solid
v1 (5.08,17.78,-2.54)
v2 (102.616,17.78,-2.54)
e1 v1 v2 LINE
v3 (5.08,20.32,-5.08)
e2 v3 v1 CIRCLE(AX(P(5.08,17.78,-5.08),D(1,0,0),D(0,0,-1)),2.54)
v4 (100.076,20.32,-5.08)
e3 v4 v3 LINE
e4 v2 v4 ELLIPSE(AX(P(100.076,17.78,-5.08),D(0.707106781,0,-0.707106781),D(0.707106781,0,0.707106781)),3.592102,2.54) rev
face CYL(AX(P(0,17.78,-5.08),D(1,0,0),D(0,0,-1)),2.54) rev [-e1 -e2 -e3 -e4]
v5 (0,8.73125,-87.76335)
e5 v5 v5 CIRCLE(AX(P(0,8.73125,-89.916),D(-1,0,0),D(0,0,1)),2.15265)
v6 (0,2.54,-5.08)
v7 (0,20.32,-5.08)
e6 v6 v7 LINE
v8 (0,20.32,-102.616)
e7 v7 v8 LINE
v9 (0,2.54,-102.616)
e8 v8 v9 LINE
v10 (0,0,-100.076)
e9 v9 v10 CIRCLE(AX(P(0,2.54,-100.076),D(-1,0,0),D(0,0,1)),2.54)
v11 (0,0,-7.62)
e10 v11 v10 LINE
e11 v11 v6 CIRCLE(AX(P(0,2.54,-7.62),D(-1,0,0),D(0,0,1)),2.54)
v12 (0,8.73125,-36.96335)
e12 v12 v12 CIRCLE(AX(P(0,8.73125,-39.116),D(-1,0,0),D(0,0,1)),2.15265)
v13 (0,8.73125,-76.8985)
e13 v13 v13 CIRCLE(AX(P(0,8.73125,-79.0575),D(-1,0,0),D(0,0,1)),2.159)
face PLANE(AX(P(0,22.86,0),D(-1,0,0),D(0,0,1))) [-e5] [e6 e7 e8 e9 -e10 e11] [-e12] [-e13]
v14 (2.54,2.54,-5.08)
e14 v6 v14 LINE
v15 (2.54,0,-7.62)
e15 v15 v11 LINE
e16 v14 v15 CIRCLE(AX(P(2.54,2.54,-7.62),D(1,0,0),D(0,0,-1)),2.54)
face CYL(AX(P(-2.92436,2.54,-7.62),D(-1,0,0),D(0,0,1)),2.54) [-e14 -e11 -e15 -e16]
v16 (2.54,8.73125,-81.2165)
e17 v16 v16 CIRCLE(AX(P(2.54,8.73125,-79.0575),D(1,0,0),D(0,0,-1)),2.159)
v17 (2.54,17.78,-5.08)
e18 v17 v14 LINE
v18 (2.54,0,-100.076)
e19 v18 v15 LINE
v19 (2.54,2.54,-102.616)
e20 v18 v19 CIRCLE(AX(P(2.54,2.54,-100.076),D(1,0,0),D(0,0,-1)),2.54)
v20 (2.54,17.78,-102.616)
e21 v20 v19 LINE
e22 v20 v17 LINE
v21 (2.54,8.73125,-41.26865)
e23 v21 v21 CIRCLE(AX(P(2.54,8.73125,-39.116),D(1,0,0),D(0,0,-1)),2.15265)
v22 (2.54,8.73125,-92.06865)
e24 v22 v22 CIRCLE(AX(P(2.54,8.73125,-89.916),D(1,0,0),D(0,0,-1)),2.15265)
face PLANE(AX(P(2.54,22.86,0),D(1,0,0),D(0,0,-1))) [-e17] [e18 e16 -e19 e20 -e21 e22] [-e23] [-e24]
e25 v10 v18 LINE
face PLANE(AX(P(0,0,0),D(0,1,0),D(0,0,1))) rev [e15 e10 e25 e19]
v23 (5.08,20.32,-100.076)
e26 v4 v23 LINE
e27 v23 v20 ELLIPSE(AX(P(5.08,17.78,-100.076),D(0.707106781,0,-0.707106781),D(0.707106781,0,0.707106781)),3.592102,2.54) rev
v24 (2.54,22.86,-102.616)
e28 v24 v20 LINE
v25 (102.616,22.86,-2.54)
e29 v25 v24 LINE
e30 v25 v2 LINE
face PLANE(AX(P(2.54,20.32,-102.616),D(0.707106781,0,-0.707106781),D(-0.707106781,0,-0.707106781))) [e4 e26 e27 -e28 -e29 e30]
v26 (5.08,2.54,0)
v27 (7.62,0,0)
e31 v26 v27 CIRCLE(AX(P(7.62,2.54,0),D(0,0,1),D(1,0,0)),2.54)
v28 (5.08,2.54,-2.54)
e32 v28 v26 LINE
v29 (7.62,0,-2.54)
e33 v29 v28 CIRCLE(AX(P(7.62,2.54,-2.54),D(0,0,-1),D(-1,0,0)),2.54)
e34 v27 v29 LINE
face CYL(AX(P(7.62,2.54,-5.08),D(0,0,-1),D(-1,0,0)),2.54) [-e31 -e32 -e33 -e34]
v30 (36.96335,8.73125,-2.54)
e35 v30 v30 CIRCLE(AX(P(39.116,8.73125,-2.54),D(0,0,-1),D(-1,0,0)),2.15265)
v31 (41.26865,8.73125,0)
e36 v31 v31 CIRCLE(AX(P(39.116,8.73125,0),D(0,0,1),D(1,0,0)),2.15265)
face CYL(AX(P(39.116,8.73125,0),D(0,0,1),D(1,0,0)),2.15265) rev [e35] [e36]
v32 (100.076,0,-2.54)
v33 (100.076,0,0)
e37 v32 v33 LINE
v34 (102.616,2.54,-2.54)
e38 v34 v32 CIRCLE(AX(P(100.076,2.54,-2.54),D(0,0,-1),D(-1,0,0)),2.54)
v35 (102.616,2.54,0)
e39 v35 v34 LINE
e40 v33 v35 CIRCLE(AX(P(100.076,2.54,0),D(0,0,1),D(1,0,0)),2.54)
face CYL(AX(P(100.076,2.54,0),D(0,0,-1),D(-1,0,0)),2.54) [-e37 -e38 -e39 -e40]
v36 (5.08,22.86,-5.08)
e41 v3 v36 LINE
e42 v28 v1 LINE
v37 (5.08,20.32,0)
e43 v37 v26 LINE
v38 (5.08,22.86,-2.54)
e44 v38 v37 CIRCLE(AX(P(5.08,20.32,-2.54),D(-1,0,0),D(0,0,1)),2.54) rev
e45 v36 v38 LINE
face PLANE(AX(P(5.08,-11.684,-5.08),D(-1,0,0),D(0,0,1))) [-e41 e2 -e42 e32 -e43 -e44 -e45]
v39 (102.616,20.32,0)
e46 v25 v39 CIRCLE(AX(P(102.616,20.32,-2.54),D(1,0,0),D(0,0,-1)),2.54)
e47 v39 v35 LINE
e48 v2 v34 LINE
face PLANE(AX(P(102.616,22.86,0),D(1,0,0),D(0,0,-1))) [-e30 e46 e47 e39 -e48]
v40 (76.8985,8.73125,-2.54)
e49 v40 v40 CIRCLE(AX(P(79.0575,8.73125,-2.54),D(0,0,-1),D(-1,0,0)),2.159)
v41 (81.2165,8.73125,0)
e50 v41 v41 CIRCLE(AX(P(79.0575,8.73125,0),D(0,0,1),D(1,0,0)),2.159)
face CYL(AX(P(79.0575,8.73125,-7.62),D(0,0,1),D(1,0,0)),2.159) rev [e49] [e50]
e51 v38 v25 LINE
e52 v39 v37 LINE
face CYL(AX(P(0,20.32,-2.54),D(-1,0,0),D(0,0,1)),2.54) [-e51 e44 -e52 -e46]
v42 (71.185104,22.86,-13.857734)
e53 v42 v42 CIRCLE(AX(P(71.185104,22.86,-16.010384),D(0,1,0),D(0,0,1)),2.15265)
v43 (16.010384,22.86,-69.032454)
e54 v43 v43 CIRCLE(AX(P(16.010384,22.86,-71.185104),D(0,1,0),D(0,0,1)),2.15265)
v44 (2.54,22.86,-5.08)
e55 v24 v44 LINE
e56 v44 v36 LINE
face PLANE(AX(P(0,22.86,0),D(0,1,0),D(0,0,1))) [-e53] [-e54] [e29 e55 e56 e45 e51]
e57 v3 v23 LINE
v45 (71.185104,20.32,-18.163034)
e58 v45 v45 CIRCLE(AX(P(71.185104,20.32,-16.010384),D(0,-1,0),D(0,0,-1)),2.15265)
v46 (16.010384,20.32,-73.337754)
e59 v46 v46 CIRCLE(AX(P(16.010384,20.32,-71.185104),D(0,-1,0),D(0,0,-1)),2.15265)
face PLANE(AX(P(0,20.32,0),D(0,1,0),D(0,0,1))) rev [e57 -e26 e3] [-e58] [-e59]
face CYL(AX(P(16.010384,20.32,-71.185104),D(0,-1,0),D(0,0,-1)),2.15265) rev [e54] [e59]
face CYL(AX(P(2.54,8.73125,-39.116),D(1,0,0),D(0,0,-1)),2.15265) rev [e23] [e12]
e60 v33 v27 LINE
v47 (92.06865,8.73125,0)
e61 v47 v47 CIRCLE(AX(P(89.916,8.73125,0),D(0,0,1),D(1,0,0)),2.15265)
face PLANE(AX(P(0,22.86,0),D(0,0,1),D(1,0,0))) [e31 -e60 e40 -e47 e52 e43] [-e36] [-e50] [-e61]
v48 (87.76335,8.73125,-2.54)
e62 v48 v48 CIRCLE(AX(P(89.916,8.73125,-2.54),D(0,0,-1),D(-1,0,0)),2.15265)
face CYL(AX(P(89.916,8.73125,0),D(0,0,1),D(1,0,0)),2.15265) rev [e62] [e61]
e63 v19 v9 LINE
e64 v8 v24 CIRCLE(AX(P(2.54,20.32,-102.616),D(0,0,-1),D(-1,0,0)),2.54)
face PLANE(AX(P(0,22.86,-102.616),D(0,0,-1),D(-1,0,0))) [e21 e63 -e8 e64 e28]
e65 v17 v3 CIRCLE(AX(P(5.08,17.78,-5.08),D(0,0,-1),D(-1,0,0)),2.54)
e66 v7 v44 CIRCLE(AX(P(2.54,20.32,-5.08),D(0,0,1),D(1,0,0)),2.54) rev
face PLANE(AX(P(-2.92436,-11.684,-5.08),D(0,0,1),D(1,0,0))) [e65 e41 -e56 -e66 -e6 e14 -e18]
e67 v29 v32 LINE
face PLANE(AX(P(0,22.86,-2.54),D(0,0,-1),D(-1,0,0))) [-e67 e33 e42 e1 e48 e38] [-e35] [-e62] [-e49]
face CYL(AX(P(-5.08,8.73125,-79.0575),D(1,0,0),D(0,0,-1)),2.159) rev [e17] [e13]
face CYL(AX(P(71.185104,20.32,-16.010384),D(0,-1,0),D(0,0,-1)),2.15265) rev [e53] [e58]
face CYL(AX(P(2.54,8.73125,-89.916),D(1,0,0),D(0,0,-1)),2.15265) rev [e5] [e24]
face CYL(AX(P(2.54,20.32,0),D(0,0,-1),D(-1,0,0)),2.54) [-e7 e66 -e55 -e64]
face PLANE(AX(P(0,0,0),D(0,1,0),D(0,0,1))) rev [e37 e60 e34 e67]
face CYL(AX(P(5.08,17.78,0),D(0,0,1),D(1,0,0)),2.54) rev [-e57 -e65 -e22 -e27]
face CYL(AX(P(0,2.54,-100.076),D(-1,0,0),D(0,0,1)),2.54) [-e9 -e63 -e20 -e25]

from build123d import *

# Parameters (mm, degrees)
BOSS_EXTRUDE3_DEPTH       = 22.86
BOSS_EXTRUDE4_DEPTH       = 2.54
FILLET1_R                 = 2.54
SKETCH4_W                 = 8.004359919
SKETCH4_H                 = 7.259840527
CUT_EXTRUDE1_DEPTH        = 32.004
CUT_EXTRUDE1_DEPTH_BACK   = 2.54
F_8_CLEARANCE_HOLE1_D     = 4.3053
F_8_CLEARANCE_HOLE1_DEPTH = 74.422
F_8_CLEARANCE_HOLE1_TIP   = 1.293442612
F_8_CLEARANCE_HOLE2_D     = 4.3053
F_8_CLEARANCE_HOLE2_DEPTH = 74.422
F_8_CLEARANCE_HOLE2_TIP   = 1.293442612
F_8_CLEARANCE_HOLE3_D     = 4.3053
F_8_CLEARANCE_HOLE3_DEPTH = 74.422
F_8_CLEARANCE_HOLE3_TIP   = 1.293442612
FILLET2_R                 = 2.54
SKETCH11_R                = 2.159
CUT_EXTRUDE2_DEPTH        = 7.62
SKETCH12_R                = 2.159
CUT_EXTRUDE3_DEPTH        = 7.62


with BuildPart() as part:
    # Sketch1 → Boss-Extrude3 (new body)
    with BuildSketch(Plane(origin=(0, 0, 0), x_dir=(1, 0, 0), z_dir=(0, 1, 0))):
        Polygon((102.616, 2.54), (102.616, 0), (0, 0), (0, 102.616), (2.54, 102.616), (2.54, 2.54), align=None)
    extrude(amount=BOSS_EXTRUDE3_DEPTH)

    # Sketch3 → Boss-Extrude4 (add)
    with BuildSketch(Plane(origin=(0, 22.86, 0), x_dir=(1, 0, 0), z_dir=(0, 1, 0))):
        Polygon((2.54, 102.616), (102.616, 2.54), (2.54, 2.54), align=None)
    extrude(amount=-BOSS_EXTRUDE4_DEPTH)

    # Fillet1
    fillet1_edges = [part.edges().sort_by_distance(p)[0] for p in [
        (0, 22.86, -51.308),
        (51.308, 22.86, 0),
        (2.54, 10.16, -2.54),
        (52.578, 20.32, -2.54),
        (2.54, 20.32, -52.578),
    ]]
    fillet(fillet1_edges, radius=FILLET1_R)

    # Sketch4 → Cut-Extrude1 (cut, two sides)
    with BuildSketch(Plane.XZ.offset(-20.32)) as cut_extrude1_sk:
        with Locations((1.077820041, -1.450079736)):
            Rectangle(SKETCH4_W, SKETCH4_H)
    extrude(amount=CUT_EXTRUDE1_DEPTH, mode=Mode.SUBTRACT)
    extrude(cut_extrude1_sk.sketch, amount=-CUT_EXTRUDE1_DEPTH_BACK, mode=Mode.SUBTRACT)

    # #8 Clearance Hole1
    with Locations(Plane(origin=(2.54, 0, 0), x_dir=(0, 0, -1), z_dir=(1, 0, 0))):
        with Locations((39.116, 8.73125), (89.916, 8.73125)):
            Hole(F_8_CLEARANCE_HOLE1_D / 2, depth=F_8_CLEARANCE_HOLE1_DEPTH)
            with Locations((0, 0, -(F_8_CLEARANCE_HOLE1_DEPTH + F_8_CLEARANCE_HOLE1_TIP / 2))):  # 118° drill point
                Cone(0, F_8_CLEARANCE_HOLE1_D / 2, F_8_CLEARANCE_HOLE1_TIP, mode=Mode.SUBTRACT)

    # #8 Clearance Hole2
    with Locations(Plane.XY):
        with Locations((89.916, 8.73125), (39.116, 8.73125)):
            Hole(F_8_CLEARANCE_HOLE2_D / 2, depth=F_8_CLEARANCE_HOLE2_DEPTH)
            with Locations((0, 0, -(F_8_CLEARANCE_HOLE2_DEPTH + F_8_CLEARANCE_HOLE2_TIP / 2))):  # 118° drill point
                Cone(0, F_8_CLEARANCE_HOLE2_D / 2, F_8_CLEARANCE_HOLE2_TIP, mode=Mode.SUBTRACT)

    # #8 Clearance Hole3
    with Locations(Plane(origin=(0, 20.32, 0), x_dir=(-1, 0, 0), z_dir=(0, -1, 0))):
        with Locations((-16.010384182, 71.185103576), (-71.185103576, 16.010384182)):
            Hole(F_8_CLEARANCE_HOLE3_D / 2, depth=F_8_CLEARANCE_HOLE3_DEPTH)
            with Locations((0, 0, -(F_8_CLEARANCE_HOLE3_DEPTH + F_8_CLEARANCE_HOLE3_TIP / 2))):  # 118° drill point
                Cone(0, F_8_CLEARANCE_HOLE3_D / 2, F_8_CLEARANCE_HOLE3_TIP, mode=Mode.SUBTRACT)

    # Fillet2
    fillet2_edges = [part.edges().sort_by_distance(p)[0] for p in [
        (1.27, 0, -5.08),
        (5.08, 0, -1.27),
        (1.27, 0, -102.616),
        (102.616, 0, -1.27),
    ]]
    fillet(fillet2_edges, radius=FILLET2_R)

    # Sketch11 → Cut-Extrude2 (cut)
    with BuildSketch(Plane(origin=(2.54, 0, 0), x_dir=(0, 0, -1), z_dir=(1, 0, 0))):
        with Locations((79.0575, 8.73125)):
            Circle(SKETCH11_R)
    extrude(amount=-CUT_EXTRUDE2_DEPTH, mode=Mode.SUBTRACT)

    # Sketch12 → Cut-Extrude3 (cut)
    with BuildSketch(Plane.XY):
        with Locations((79.0575, 8.73125)):
            Circle(SKETCH12_R)
    extrude(amount=-CUT_EXTRUDE3_DEPTH, mode=Mode.SUBTRACT)


solid = part.part
